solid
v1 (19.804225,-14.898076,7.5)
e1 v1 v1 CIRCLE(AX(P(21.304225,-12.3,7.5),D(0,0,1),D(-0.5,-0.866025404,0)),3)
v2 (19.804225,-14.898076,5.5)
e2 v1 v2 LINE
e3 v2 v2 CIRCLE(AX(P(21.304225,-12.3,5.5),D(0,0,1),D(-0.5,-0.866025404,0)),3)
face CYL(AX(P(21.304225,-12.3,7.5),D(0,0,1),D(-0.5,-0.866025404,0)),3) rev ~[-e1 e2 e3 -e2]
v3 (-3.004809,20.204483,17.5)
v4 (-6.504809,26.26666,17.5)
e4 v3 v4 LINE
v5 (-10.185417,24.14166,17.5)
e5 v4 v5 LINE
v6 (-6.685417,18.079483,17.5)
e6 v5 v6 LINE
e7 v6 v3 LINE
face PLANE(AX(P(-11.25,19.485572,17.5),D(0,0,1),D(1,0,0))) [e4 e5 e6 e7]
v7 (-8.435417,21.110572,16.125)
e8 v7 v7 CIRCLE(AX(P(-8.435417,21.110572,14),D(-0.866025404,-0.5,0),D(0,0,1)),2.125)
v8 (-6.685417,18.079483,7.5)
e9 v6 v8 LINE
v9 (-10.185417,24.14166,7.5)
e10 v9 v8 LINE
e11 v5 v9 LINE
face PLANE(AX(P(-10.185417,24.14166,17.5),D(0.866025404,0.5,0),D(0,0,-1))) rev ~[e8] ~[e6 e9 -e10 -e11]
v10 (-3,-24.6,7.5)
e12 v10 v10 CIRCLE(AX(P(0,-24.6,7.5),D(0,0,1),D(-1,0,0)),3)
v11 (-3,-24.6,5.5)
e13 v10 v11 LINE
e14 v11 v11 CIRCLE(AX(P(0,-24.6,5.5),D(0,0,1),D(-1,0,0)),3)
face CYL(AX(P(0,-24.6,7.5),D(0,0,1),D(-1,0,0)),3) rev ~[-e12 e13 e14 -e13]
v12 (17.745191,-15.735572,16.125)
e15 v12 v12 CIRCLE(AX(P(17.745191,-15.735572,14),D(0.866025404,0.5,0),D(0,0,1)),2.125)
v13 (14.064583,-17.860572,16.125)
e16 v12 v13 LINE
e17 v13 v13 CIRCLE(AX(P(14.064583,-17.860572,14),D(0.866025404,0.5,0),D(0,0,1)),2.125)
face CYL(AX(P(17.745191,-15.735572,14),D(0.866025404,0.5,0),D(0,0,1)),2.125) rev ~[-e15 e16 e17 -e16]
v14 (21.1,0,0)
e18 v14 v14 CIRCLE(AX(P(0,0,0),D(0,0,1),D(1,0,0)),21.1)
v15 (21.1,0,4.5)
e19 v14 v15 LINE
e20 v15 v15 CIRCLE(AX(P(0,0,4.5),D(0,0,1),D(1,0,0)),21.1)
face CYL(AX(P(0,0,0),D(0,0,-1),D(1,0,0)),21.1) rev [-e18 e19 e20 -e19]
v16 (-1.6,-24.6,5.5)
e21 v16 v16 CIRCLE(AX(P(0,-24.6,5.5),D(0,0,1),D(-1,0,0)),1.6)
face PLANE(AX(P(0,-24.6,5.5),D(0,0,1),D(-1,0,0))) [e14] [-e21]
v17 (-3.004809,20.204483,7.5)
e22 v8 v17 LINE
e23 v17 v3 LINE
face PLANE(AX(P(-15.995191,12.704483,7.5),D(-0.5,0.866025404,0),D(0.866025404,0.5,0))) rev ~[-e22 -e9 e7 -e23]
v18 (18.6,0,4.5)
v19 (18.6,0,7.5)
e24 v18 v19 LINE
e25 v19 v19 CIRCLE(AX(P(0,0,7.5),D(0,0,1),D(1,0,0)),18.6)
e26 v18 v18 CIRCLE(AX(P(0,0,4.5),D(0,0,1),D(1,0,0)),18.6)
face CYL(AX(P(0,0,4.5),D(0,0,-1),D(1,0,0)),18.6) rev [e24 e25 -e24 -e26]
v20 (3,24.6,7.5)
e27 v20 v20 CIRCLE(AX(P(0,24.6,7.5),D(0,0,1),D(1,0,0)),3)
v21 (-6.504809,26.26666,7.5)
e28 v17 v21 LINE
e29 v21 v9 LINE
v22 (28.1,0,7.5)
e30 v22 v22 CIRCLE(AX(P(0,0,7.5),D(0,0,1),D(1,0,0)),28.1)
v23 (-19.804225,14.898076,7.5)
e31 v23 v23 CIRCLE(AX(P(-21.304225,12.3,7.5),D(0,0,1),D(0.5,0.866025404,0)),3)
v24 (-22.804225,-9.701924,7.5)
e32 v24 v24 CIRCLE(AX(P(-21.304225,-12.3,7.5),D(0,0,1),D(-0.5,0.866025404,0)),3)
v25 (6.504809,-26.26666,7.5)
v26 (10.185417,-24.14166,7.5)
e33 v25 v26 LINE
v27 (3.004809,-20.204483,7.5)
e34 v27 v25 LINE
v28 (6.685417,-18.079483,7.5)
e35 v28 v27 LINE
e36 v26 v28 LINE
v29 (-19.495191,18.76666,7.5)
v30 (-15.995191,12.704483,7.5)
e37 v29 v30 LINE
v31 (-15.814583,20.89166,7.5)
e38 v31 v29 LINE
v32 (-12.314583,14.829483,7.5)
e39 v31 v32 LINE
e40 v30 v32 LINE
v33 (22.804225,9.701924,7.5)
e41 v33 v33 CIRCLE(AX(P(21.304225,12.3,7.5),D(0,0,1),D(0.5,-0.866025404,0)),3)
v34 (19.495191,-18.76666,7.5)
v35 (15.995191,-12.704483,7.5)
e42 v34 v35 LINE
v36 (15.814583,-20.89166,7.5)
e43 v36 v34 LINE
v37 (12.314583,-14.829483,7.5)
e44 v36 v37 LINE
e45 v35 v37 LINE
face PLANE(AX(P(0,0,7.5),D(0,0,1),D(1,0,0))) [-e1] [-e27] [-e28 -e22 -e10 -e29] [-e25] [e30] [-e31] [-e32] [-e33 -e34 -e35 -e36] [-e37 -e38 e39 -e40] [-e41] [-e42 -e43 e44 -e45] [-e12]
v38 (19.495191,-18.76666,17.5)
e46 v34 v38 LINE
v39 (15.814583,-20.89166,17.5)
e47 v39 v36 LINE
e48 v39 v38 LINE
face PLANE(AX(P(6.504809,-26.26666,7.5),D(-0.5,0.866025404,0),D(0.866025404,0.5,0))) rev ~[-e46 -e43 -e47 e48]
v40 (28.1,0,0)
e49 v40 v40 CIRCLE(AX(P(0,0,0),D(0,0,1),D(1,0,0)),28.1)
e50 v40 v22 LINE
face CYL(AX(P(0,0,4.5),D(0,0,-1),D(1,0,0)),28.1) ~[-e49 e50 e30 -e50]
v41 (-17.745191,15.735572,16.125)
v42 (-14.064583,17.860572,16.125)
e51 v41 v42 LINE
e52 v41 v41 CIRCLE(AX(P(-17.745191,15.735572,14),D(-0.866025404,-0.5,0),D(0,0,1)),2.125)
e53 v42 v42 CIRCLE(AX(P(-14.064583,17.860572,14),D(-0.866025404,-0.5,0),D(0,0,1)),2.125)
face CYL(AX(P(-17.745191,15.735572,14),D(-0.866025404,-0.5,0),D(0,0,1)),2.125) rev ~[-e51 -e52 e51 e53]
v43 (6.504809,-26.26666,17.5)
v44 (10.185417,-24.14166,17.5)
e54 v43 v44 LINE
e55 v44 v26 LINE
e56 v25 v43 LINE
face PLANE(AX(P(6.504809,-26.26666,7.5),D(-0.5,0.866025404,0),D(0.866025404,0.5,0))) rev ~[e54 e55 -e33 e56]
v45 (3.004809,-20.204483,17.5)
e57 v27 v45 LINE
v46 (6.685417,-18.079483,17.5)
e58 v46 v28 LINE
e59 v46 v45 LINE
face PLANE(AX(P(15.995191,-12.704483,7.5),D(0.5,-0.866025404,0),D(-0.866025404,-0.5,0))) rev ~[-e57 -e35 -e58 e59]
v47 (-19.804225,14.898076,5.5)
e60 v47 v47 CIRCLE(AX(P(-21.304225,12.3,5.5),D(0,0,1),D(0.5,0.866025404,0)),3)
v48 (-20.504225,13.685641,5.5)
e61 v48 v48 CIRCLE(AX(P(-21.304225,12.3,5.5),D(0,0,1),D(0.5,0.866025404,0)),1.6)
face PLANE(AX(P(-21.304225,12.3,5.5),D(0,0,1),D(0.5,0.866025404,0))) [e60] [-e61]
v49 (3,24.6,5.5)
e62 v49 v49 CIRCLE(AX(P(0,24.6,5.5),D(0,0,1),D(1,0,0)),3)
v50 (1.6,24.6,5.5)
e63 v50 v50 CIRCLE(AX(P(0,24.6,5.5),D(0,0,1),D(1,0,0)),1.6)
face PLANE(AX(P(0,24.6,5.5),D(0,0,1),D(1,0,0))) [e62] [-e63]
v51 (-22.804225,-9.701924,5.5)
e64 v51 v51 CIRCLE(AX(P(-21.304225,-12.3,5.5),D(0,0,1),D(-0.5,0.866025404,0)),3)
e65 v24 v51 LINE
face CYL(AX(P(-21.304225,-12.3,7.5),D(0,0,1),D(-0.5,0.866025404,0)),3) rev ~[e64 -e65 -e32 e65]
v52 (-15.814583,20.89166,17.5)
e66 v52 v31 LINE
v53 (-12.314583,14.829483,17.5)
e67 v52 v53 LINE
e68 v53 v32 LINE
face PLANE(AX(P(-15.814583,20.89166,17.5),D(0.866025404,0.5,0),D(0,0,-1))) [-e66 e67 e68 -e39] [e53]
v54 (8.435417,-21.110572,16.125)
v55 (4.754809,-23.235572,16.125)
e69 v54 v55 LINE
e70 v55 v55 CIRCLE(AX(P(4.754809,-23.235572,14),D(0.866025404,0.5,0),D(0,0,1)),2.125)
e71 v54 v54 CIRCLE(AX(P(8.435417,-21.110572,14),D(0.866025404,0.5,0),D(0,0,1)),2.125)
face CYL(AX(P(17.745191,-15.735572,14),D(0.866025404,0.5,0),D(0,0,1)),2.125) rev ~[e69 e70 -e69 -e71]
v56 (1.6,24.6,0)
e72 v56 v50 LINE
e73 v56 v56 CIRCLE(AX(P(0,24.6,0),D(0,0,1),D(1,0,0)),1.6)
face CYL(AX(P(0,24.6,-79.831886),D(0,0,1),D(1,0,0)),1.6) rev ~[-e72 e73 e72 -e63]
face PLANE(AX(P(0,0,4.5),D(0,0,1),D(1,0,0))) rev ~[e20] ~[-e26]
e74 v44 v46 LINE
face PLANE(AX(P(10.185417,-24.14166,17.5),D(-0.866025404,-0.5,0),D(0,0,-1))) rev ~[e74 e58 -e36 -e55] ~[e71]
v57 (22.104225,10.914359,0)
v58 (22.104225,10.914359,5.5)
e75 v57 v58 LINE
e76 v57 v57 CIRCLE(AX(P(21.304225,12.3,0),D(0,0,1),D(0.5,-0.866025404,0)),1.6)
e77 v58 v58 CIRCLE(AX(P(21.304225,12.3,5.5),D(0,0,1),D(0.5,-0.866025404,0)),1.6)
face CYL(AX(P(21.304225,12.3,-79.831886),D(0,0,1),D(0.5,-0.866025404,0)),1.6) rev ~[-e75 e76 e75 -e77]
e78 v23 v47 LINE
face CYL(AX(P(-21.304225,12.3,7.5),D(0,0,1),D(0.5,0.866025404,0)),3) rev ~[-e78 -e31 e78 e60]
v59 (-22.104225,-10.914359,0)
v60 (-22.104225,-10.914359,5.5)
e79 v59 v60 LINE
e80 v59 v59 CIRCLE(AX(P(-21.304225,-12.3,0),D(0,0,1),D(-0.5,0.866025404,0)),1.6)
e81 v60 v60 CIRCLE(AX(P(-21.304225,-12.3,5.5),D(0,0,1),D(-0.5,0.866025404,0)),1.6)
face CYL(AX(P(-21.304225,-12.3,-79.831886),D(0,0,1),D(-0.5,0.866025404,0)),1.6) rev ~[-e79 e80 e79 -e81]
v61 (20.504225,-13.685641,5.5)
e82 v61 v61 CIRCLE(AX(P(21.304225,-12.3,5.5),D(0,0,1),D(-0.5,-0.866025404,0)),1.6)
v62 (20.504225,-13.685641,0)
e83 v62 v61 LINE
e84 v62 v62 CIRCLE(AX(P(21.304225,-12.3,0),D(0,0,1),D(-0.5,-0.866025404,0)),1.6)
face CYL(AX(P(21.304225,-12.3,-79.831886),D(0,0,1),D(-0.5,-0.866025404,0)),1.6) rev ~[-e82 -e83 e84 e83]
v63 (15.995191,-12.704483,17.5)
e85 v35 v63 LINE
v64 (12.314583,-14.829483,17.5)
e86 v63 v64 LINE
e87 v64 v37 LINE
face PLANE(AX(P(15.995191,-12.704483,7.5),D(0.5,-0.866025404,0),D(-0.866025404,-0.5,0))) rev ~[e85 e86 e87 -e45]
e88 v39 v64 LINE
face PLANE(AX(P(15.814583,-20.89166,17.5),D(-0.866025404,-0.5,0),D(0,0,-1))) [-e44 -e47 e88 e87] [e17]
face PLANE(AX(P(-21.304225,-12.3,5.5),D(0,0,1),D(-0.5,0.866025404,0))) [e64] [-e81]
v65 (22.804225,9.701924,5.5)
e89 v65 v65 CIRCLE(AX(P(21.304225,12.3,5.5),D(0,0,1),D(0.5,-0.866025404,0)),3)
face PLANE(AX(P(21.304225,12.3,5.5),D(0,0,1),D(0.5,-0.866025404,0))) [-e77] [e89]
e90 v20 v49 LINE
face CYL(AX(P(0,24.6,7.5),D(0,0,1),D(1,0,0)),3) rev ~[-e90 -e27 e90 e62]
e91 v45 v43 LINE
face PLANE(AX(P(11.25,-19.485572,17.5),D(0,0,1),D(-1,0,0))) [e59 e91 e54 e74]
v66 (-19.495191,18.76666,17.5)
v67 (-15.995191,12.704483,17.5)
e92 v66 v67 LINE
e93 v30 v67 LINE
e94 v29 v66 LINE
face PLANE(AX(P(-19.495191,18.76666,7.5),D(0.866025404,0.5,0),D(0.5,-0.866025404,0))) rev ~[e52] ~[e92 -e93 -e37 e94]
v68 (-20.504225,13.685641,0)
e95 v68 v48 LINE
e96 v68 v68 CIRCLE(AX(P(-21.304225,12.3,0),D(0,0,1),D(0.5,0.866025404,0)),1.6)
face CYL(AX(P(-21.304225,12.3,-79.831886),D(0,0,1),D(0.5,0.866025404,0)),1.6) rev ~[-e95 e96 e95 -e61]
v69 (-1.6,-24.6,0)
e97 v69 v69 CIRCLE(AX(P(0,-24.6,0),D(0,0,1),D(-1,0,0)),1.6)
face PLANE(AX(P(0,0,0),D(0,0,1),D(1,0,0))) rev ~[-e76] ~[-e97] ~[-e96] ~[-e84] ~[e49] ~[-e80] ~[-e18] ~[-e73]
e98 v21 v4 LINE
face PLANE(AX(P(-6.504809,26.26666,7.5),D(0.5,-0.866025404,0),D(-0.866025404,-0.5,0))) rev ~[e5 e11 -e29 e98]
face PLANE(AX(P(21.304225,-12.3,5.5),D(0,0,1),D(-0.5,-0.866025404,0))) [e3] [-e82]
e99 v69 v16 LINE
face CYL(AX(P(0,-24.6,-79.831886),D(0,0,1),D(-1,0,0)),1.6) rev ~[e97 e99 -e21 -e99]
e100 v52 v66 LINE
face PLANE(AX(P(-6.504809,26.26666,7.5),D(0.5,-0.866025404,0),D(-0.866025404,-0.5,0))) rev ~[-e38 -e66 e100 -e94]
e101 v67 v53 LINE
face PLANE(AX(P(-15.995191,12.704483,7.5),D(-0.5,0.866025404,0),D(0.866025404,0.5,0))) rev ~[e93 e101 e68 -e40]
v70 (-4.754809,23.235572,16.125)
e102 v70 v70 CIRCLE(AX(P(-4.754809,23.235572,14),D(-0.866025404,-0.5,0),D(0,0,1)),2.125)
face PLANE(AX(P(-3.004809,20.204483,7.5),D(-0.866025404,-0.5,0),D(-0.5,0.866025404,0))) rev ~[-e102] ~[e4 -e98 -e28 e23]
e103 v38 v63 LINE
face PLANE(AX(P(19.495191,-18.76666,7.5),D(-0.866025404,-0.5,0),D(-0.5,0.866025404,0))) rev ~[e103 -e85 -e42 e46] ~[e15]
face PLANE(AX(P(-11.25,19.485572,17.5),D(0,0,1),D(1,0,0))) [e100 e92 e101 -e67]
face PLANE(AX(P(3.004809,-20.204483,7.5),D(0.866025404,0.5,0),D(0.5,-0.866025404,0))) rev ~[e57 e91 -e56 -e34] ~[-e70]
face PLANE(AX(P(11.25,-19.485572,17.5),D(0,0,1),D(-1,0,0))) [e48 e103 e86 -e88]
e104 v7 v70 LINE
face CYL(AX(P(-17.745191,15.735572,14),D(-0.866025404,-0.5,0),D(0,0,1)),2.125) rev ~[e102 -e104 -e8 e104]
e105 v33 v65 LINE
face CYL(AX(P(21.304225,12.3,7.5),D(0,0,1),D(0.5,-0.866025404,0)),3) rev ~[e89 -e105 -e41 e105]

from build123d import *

# Parameters (mm, degrees)
SKETCH1_R            = 28.1
SKETCH1_R_2          = 21.1
BOSS_EXTRUDE1_DEPTH  = 4.5
SKETCH2_R            = 28.1
SKETCH2_R_2          = 18.6
BOSS_EXTRUDE2_DEPTH  = 3
M3_CLEARANCE_HOLE1_D = 3.2
SKETCH6_R            = 3
CUT_EXTRUDE1_DEPTH   = 2
BOSS_EXTRUDE3_DEPTH  = 10
SKETCH8_R            = 2.125
CUT_EXTRUDE2_DEPTH   = 15
SKETCH9_W            = 6.5
SKETCH9_H            = 10
CUT_EXTRUDE3_DEPTH   = 7
CIRPATTERN1_COUNT    = 6
CIRPATTERN2_COUNT    = 2


with BuildPart() as part:
    # Sketch1 → Boss-Extrude1 (new body)
    with BuildSketch(Plane.XY):
        Circle(SKETCH1_R)
        Circle(SKETCH1_R_2, mode=Mode.SUBTRACT)
    extrude(amount=BOSS_EXTRUDE1_DEPTH)

    # Sketch2 → Boss-Extrude2 (add)
    with BuildSketch(Plane.XY.offset(4.5)):
        Circle(SKETCH2_R)
        Circle(SKETCH2_R_2, mode=Mode.SUBTRACT)
    extrude(amount=BOSS_EXTRUDE2_DEPTH)

    # M3 Clearance Hole1 (through all)
    with Locations(Plane(origin=(0, 0, 0), x_dir=(-1, 0, 0), z_dir=(0, 0, -1))):
        with Locations((0, 24.6)):
            m3_clearance_hole1 = Hole(M3_CLEARANCE_HOLE1_D / 2)

    # Sketch6 → Cut-Extrude1 (cut)
    with BuildSketch(Plane.XY.offset(7.5)):
        with Locations((0, 24.6)):
            Circle(SKETCH6_R)
    cut_extrude1 = extrude(amount=-CUT_EXTRUDE1_DEPTH, mode=Mode.SUBTRACT)

    # Sketch7 → Boss-Extrude3 (add)
    with BuildSketch(Plane.XY.offset(7.5)):
        Polygon((-6.504809472, 26.266660498), (-19.495190528, 18.766660498), (-15.995190528, 12.704482672), (-3.004809472, 20.204482672), align=None)
    boss_extrude3 = extrude(amount=BOSS_EXTRUDE3_DEPTH)

    # Sketch8 → Cut-Extrude2 (cut)
    with BuildSketch(Plane(origin=(-6.495190528, -3.75, 0), x_dir=(0, 0, 1), z_dir=(-0.866025404, -0.5, 0))):
        with Locations((14, 22.5)):
            Circle(SKETCH8_R)
    cut_extrude2 = extrude(amount=-CUT_EXTRUDE2_DEPTH, mode=Mode.SUBTRACT)

    # Sketch9 → Cut-Extrude3 (cut)
    with BuildSketch(Plane(origin=(-13, 22.516660498, 0), x_dir=(0.866025404, 0.5, 0), z_dir=(-0.5, 0.866025404, 0))):
        with Locations((0, -12.5)):
            Rectangle(SKETCH9_W, SKETCH9_H)
    cut_extrude3 = extrude(amount=-CUT_EXTRUDE3_DEPTH, mode=Mode.SUBTRACT)

    # CirPattern1: M3 Clearance Hole1, Cut-Extrude1 ×6 about axis
    cirpattern1_axis = Axis((0, 0, 0), (0, 0, 1))
    for i in range(1, CIRPATTERN1_COUNT):
        add(m3_clearance_hole1.rotate(cirpattern1_axis, i * 360 / CIRPATTERN1_COUNT), mode=Mode.SUBTRACT)
        add(cut_extrude1.rotate(cirpattern1_axis, i * 360 / CIRPATTERN1_COUNT), mode=Mode.SUBTRACT)

    # CirPattern2: Boss-Extrude3, Cut-Extrude2, Cut-Extrude3 ×2 about axis
    cirpattern2_axis = Axis((0, 0, 0), (0, 0, 1))
    for i in range(1, CIRPATTERN2_COUNT):
        add(boss_extrude3.rotate(cirpattern2_axis, i * 360 / CIRPATTERN2_COUNT))
        add(cut_extrude2.rotate(cirpattern2_axis, i * 360 / CIRPATTERN2_COUNT), mode=Mode.SUBTRACT)
        add(cut_extrude3.rotate(cirpattern2_axis, i * 360 / CIRPATTERN2_COUNT), mode=Mode.SUBTRACT)


solid = part.part
